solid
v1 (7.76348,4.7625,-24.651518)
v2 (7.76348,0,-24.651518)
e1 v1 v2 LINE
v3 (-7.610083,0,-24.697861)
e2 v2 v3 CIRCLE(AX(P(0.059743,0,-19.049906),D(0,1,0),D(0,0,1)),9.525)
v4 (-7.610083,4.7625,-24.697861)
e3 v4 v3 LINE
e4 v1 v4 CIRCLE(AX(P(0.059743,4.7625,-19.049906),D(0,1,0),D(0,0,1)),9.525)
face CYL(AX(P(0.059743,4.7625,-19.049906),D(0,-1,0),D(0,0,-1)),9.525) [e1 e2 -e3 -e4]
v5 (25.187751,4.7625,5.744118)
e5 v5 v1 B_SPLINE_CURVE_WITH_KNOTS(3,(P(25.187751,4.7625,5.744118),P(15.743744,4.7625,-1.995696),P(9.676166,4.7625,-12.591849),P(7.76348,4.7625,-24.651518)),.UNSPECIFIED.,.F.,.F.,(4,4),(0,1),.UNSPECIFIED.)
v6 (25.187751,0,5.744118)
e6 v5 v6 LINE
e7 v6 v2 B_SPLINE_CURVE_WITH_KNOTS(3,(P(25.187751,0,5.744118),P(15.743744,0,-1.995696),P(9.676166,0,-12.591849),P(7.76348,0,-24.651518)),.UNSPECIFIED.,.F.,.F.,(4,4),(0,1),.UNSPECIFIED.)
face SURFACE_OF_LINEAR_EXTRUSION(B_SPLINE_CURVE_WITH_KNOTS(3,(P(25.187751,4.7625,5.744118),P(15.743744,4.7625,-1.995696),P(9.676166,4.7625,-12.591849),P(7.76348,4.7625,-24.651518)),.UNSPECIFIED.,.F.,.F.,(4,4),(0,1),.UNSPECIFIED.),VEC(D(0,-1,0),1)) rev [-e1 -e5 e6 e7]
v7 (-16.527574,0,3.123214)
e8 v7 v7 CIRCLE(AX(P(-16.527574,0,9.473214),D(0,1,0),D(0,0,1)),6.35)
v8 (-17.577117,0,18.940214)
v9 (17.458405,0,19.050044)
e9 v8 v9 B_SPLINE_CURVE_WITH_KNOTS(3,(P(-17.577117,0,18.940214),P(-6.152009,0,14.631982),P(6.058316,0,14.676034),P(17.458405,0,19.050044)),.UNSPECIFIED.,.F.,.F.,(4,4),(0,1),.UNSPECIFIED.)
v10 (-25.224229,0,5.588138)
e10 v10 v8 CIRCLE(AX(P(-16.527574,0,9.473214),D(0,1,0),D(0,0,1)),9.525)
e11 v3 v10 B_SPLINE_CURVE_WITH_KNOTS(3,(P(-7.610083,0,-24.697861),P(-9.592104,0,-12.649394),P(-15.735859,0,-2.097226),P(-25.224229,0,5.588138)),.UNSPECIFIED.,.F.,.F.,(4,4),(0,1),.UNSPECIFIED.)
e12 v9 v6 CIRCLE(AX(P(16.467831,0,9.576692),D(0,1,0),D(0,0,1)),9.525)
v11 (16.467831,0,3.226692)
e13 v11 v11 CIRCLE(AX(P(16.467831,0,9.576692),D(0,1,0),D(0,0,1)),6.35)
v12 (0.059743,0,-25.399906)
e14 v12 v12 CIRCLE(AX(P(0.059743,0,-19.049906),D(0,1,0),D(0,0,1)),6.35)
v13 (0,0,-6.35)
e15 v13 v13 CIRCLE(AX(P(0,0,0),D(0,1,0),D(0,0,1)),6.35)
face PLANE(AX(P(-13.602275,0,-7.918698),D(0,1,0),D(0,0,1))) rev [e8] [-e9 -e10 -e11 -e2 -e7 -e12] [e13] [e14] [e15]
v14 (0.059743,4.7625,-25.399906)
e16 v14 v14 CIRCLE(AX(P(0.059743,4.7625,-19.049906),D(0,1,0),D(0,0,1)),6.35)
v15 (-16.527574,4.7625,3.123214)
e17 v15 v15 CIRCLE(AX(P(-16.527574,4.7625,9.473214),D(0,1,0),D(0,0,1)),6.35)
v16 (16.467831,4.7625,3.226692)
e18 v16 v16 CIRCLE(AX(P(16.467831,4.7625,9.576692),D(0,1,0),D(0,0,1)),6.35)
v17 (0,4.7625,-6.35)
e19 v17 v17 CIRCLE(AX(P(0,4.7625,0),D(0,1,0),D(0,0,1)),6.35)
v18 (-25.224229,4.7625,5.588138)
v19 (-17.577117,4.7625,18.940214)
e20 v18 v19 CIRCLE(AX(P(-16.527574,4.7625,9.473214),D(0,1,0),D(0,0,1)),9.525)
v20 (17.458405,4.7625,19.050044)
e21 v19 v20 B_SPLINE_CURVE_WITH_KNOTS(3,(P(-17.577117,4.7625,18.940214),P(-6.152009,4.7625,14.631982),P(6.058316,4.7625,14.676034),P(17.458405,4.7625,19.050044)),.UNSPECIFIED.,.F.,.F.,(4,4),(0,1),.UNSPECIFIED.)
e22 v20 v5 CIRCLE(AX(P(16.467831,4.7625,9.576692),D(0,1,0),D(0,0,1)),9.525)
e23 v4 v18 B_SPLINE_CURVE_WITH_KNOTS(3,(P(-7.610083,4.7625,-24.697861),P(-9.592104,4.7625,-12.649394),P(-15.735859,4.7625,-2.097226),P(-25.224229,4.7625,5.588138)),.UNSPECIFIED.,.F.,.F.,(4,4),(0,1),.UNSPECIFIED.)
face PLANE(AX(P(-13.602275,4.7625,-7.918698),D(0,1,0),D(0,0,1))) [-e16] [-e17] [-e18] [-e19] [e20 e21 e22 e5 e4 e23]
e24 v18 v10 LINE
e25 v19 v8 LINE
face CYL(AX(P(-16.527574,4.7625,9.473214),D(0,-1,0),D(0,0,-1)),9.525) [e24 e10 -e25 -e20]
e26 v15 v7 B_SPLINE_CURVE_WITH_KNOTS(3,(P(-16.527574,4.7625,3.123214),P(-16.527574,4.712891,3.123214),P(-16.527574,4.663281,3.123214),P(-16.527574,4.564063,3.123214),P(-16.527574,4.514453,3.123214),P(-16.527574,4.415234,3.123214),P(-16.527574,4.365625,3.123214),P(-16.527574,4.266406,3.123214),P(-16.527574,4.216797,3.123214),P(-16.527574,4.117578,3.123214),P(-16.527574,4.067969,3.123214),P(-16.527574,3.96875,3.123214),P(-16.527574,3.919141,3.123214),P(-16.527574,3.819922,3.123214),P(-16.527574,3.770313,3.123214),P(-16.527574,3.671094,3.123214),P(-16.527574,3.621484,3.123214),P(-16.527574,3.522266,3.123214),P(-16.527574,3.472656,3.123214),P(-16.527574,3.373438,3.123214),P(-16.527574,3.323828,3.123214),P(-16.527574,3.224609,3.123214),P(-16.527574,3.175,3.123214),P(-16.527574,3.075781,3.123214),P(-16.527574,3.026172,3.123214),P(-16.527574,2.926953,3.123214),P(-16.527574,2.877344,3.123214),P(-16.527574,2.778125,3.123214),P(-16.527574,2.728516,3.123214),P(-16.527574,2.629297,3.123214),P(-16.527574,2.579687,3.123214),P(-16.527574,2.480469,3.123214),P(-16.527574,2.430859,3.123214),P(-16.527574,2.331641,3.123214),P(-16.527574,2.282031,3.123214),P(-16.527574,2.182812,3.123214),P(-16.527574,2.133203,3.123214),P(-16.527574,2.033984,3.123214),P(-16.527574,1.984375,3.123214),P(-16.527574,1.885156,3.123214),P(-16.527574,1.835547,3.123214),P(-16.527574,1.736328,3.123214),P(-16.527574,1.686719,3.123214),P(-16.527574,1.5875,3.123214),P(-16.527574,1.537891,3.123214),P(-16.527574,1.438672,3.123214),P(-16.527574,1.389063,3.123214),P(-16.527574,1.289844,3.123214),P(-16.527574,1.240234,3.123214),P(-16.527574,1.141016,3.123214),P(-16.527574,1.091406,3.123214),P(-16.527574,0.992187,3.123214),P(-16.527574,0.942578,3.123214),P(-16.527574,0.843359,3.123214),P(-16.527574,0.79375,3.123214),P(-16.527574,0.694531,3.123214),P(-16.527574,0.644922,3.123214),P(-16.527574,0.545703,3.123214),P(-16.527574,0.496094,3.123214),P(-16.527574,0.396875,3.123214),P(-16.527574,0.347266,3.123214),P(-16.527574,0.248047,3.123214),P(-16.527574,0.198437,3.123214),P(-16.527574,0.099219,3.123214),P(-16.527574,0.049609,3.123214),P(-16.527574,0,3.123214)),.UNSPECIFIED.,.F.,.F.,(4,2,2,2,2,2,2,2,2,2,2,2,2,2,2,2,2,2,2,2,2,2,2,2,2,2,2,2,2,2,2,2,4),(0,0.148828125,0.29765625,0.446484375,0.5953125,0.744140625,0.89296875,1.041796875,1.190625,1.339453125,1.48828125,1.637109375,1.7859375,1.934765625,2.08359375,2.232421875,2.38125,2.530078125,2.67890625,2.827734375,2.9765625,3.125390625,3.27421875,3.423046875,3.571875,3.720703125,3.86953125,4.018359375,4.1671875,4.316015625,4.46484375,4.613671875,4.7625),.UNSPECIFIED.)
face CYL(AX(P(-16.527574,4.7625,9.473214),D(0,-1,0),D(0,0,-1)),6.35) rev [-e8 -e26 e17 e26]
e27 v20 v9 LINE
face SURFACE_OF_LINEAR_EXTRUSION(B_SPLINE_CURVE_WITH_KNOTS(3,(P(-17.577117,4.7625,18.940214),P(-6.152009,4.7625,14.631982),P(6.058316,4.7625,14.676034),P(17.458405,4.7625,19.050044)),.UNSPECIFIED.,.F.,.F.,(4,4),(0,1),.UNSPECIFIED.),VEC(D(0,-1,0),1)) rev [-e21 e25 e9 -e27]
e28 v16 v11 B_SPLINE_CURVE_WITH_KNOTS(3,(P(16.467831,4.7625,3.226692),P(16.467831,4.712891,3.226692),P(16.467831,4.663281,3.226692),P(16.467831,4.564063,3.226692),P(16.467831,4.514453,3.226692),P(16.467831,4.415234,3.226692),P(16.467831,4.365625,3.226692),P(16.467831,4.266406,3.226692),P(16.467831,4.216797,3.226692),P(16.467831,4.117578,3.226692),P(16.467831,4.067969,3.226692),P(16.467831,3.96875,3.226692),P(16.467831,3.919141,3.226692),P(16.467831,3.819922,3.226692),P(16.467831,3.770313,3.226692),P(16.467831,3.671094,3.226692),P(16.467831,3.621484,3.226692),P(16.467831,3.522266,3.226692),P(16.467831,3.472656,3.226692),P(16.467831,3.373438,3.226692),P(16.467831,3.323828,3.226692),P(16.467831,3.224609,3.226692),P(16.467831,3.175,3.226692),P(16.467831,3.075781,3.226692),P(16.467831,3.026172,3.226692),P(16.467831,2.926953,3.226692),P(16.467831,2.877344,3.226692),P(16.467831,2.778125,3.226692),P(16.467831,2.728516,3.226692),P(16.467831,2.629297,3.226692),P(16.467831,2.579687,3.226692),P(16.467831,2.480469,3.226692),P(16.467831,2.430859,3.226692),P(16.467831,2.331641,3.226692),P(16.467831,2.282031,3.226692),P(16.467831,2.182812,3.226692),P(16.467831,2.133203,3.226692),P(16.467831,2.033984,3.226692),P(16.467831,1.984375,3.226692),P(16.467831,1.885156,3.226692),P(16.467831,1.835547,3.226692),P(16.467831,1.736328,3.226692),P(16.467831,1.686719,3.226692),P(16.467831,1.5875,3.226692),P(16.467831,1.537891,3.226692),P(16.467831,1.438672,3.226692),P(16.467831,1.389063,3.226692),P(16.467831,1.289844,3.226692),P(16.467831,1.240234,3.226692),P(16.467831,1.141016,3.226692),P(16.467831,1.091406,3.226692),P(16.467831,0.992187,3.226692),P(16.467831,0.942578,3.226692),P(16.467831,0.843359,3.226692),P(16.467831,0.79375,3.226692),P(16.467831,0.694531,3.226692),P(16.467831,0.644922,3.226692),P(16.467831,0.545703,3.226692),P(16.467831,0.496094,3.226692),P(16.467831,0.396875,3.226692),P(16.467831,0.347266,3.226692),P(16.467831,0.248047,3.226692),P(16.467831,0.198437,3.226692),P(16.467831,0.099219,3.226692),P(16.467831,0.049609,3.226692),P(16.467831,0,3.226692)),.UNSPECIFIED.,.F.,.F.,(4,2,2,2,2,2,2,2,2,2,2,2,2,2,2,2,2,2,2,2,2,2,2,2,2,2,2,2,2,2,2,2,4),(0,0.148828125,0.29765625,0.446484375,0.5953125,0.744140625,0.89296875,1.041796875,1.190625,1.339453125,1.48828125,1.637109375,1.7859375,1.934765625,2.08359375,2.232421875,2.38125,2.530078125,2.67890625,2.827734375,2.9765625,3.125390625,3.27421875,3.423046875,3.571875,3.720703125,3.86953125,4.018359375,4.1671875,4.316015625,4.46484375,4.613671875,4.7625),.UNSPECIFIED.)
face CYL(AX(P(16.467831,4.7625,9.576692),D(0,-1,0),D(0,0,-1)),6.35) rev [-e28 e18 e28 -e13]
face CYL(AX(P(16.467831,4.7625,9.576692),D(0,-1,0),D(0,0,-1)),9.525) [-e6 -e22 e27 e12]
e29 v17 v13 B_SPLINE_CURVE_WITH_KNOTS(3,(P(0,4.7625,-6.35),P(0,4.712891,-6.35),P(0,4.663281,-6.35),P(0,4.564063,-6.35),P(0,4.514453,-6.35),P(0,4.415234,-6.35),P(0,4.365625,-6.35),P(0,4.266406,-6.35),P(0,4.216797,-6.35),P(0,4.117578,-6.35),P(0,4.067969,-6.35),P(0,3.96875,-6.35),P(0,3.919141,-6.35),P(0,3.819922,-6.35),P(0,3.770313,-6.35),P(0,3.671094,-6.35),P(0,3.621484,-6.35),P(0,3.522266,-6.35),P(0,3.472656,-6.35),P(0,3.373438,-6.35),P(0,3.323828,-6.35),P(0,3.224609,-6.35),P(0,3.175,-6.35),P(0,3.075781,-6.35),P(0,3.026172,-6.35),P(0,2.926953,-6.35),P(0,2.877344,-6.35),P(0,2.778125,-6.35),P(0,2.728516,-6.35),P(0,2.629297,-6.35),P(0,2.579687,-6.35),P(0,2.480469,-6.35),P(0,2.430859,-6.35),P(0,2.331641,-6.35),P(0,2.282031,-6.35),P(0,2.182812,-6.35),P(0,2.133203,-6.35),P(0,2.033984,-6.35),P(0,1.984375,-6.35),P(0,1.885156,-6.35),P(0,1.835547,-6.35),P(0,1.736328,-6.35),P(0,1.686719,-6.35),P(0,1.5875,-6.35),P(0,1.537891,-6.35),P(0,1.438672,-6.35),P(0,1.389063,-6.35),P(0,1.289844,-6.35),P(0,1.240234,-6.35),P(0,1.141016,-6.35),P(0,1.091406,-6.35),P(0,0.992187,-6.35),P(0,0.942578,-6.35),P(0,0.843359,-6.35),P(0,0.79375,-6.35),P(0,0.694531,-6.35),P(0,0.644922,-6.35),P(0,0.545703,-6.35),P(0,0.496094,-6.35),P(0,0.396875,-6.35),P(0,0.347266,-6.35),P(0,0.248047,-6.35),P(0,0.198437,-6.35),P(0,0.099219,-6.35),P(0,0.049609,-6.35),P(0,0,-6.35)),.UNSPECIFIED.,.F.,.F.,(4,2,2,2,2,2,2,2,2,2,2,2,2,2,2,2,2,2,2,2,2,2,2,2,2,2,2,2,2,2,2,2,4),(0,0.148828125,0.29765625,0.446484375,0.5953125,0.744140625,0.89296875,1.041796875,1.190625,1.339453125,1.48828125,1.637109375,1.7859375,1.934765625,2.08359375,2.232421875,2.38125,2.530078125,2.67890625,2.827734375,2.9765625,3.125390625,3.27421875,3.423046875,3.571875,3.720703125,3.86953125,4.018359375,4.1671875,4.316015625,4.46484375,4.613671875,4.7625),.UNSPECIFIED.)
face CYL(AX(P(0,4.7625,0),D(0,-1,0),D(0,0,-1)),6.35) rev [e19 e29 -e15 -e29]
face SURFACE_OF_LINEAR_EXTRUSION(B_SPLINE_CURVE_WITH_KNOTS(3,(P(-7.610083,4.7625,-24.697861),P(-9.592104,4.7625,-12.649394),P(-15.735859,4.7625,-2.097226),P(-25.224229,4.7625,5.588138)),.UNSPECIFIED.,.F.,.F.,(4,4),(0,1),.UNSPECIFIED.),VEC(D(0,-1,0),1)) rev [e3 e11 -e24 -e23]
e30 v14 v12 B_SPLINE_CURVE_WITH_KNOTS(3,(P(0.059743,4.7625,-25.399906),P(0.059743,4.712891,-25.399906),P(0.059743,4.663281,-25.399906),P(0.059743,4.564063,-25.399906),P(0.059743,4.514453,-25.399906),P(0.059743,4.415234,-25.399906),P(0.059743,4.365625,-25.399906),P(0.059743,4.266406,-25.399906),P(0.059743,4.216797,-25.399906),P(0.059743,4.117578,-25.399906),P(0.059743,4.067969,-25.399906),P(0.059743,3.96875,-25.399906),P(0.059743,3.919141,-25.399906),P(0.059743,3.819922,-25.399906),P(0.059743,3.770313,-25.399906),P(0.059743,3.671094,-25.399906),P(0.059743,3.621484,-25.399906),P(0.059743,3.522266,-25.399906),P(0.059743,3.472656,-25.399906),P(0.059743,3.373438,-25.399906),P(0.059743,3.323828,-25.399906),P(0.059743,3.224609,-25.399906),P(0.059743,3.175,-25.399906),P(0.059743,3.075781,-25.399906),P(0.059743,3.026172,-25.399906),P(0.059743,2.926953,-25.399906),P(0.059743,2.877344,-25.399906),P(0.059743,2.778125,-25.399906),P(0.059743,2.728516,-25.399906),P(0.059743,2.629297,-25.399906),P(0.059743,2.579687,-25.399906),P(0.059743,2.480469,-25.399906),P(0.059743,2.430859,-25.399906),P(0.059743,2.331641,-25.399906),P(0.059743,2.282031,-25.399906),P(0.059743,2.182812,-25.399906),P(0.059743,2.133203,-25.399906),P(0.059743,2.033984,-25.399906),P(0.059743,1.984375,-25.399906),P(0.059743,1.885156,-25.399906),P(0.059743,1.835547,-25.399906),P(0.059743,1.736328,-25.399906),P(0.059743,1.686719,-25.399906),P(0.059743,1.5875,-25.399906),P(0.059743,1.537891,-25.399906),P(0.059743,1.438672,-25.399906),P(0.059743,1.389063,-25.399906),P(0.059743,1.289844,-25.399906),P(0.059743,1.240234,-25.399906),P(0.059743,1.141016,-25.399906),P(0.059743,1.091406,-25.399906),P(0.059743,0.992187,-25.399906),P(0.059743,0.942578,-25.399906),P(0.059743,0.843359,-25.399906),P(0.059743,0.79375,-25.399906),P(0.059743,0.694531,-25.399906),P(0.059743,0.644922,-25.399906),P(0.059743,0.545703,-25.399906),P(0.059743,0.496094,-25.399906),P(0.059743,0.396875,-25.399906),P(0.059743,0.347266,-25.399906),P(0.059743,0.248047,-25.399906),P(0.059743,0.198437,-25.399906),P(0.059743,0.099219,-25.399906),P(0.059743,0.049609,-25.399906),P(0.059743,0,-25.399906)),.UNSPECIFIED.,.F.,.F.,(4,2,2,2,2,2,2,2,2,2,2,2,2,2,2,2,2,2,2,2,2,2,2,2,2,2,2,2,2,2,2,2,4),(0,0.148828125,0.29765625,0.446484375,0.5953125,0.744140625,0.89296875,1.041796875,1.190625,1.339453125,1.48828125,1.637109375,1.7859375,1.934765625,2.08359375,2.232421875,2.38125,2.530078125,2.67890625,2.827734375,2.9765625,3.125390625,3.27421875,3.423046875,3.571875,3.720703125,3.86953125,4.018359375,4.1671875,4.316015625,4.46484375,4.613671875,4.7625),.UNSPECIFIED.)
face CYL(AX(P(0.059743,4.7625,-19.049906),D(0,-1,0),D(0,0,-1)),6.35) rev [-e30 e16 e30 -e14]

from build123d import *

# Parameters (mm, degrees)
SKETCH2_R           = 6.35
BOSS_EXTRUDE1_DEPTH = 4.7625


with BuildPart() as part:
    # Sketch2 → Boss-Extrude1 (new body)
    with BuildSketch(Plane(origin=(0, 0, 0), x_dir=(1, 0, 0), z_dir=(0, 1, 0))):
        with BuildLine():
            ThreePointArc((7.763480479, 24.65151799), (0.088455744, 28.574863042), (-7.61008297, 24.69786127))
            add(Edge.make_bspline(
                [(-7.61008297, 24.69786127), (-9.592104105, 12.649393813), (-15.73585932, 2.097225899), (-25.22422914, -5.588137723)],
                knots=[0, 0, 0, 0, 1, 1, 1, 1], degree=3))
            ThreePointArc((-25.22422914, -5.588137723), (-24.792958655, -14.207033662), (-17.57711737, -18.940213988))
            add(Edge.make_bspline(
                [(-17.57711737, -18.940213988), (-6.152008529, -14.631981889), (6.058316415, -14.676034081), (17.458404858, -19.050043608)],
                knots=[0, 0, 0, 0, 1, 1, 1, 1], degree=3))
            ThreePointArc((17.458404858, -19.050043608), (24.704052244, -14.361071884), (25.187751026, -5.744117819))
            add(Edge.make_bspline(
                [(25.187751026, -5.744117819), (15.743744455, 1.995695857), (9.676165927, 12.591849246), (7.763480479, 24.65151799)],
                knots=[0, 0, 0, 0, 1, 1, 1, 1], degree=3))
        make_face()
        with Locations(Location((0, 0, 0), (0, 0, 90))):
            Circle(SKETCH2_R, mode=Mode.SUBTRACT)
        with Locations(Location((0.059742965, 19.049906319, 0), (0, 0, 90))):
            Circle(SKETCH2_R, mode=Mode.SUBTRACT)
        with Locations(Location((16.46783133, -9.576692085, 0), (0, 0, 90))):
            Circle(SKETCH2_R, mode=Mode.SUBTRACT)
        with Locations(Location((-16.527574295, -9.473214235, 0), (0, 0, 90))):
            Circle(SKETCH2_R, mode=Mode.SUBTRACT)
    extrude(amount=BOSS_EXTRUDE1_DEPTH)


solid = part.part
